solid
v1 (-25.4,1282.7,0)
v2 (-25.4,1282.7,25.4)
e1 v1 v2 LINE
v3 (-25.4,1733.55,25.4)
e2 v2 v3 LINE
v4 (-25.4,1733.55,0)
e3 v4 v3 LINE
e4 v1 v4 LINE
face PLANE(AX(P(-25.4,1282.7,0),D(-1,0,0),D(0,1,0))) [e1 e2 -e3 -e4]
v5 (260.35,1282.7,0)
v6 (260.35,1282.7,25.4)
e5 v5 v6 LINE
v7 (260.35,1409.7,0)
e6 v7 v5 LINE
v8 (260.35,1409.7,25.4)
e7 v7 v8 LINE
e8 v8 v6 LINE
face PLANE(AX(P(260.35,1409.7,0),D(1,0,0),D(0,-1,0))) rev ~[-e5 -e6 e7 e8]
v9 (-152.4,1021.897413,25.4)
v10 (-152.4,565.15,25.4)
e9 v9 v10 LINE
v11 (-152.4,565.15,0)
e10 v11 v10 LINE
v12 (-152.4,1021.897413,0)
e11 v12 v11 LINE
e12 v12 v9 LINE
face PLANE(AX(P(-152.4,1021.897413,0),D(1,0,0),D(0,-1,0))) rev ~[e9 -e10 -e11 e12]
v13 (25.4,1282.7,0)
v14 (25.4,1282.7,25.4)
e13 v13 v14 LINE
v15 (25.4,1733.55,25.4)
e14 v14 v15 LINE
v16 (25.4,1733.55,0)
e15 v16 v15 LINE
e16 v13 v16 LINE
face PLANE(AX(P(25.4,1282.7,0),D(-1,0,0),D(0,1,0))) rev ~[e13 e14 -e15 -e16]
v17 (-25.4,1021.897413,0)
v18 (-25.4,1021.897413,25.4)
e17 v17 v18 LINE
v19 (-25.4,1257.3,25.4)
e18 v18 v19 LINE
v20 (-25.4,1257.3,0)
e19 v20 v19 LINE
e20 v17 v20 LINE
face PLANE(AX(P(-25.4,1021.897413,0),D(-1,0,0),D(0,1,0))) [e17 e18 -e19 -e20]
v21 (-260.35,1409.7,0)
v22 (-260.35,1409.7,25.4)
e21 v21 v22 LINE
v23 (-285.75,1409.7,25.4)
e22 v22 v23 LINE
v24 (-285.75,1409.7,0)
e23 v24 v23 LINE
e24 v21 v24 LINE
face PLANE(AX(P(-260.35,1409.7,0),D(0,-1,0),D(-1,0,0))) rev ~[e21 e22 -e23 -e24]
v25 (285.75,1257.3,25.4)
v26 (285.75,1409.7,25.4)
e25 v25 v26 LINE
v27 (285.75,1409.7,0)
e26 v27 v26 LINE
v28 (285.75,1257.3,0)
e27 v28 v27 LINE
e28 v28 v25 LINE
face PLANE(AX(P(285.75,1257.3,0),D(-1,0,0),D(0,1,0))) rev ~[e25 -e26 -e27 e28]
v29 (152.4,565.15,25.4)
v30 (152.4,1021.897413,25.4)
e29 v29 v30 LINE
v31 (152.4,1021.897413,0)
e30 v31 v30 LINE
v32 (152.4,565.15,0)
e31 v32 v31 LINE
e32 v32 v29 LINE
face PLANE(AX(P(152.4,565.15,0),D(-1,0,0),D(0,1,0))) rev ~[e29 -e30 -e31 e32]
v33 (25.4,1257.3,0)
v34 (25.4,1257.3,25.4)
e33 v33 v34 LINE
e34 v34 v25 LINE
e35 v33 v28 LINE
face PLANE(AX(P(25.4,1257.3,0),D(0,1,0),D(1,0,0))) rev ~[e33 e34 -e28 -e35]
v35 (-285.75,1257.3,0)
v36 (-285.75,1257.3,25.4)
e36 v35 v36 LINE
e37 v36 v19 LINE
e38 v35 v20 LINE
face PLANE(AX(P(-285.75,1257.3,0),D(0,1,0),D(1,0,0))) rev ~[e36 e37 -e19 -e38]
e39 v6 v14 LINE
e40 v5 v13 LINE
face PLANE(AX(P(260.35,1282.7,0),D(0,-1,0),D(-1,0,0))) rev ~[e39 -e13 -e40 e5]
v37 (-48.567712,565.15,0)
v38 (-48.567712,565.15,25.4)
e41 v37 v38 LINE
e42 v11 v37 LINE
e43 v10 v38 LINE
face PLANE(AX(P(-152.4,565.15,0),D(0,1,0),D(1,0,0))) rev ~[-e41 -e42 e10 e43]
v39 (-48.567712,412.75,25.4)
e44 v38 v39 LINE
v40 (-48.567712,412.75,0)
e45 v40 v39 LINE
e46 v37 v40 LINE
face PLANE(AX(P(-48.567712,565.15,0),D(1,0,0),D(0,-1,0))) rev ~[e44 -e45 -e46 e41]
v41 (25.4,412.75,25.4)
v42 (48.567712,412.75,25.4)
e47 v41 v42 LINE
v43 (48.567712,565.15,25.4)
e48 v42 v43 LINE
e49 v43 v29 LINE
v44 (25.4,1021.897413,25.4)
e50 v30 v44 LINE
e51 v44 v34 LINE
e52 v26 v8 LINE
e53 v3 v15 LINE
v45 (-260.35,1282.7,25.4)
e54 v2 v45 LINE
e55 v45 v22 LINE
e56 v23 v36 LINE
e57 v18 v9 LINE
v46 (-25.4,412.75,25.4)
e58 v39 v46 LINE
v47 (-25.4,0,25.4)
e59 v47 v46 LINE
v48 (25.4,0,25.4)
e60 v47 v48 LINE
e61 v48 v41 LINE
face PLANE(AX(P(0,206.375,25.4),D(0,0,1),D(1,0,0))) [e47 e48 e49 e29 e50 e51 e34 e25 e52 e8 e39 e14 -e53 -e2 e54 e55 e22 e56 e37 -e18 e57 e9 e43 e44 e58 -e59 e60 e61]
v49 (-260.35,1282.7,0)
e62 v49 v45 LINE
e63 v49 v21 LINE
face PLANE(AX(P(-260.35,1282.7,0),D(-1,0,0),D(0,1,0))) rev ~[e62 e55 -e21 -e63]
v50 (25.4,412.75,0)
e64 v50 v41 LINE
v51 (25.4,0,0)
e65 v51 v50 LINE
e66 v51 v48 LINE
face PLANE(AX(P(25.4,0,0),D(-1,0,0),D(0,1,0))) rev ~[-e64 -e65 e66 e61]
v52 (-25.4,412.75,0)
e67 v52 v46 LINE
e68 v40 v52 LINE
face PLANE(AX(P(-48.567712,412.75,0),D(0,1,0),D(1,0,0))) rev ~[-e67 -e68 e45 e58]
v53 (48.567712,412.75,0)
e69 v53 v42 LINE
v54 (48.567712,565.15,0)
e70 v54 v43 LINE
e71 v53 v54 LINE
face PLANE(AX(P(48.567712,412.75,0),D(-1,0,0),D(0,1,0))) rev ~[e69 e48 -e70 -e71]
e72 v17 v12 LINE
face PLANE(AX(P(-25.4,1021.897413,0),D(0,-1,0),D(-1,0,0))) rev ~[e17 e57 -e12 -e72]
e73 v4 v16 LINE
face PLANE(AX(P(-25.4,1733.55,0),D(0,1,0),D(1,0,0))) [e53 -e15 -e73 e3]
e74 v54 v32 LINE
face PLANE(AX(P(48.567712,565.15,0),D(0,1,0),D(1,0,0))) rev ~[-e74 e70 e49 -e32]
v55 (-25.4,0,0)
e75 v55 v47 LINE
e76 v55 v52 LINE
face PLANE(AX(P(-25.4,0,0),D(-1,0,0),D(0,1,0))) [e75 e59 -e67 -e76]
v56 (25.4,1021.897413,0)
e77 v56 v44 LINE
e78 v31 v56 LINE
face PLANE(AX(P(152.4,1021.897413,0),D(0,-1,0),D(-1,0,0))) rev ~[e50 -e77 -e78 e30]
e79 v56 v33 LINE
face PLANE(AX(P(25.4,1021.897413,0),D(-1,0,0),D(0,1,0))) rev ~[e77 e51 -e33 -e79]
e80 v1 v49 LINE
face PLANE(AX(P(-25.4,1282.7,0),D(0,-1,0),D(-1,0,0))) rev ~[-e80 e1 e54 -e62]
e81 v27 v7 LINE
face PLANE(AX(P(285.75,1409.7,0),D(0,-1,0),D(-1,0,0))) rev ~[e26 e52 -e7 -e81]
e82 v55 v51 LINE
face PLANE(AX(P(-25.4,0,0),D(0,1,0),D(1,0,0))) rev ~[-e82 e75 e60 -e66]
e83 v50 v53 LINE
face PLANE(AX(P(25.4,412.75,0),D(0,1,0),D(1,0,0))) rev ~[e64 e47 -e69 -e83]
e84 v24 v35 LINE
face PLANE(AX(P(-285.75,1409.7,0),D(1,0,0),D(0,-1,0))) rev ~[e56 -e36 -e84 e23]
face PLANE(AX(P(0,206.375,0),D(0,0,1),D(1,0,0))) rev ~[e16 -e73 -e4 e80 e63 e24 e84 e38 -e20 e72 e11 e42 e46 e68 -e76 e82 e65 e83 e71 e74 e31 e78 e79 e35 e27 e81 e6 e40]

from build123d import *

# Parameters (mm, degrees)
F0_W     = 50.8
F0_H     = 412.75
F0_W_2   = 23.167712307
F0_H_2   = 152.4
F0_H_3   = 69.3220067978
F0_H_4   = 387.4254058838
F0_H_5   = 235.4025873184
F0_H_6   = 25.4
F0_H_7   = 450.85
F1_DEPTH = 25.4


with BuildPart() as f1:
    # F0 (on Top) → F1 (new body)
    with BuildSketch(Plane.XY):
        with Locations((0, 206.375)):
            Rectangle(F0_W, F0_H)
        with Locations((-36.9838561535, 488.95)):
            Rectangle(F0_W_2, F0_H_2)
        with Locations((0, 488.95)):
            Rectangle(F0_W, F0_H_2)
        with Locations((36.9838561535, 488.95)):
            Rectangle(F0_W_2, F0_H_2)
        with Locations((-36.9838561535, 599.8110033989)):
            Rectangle(F0_W_2, F0_H_3)
        with Locations((36.9838561535, 599.8110033989)):
            Rectangle(F0_W_2, F0_H_3)
        Polygon((-48.567712307, 634.4720067978), (-25.4, 634.4720067978), (-25.4, 1021.8974126816), (-152.4, 1021.8974126816), (-152.4, 565.15), (-48.567712307, 565.15), align=None)
        with Locations((0, 828.1847097397)):
            Rectangle(F0_W, F0_H_4)
        Polygon((25.4, 1021.8974126816), (25.4, 634.4720067978), (48.567712307, 634.4720067978), (48.567712307, 565.15), (152.4, 565.15), (152.4, 1021.8974126816), align=None)
        with Locations((0, 1139.5987063408)):
            Rectangle(F0_W, F0_H_5)
        Polygon((-285.75, 1257.3), (-25.4, 1257.3), (-25.4, 1282.7), (-260.35, 1282.7), (-260.35, 1409.7), (-285.75, 1409.7), align=None)
        with Locations((0, 1270)):
            Rectangle(F0_W, F0_H_6)
        Polygon((25.4, 1282.7), (25.4, 1257.3), (285.75, 1257.3), (285.75, 1409.7), (260.35, 1409.7), (260.35, 1282.7), align=None)
        with Locations((0, 1508.125)):
            Rectangle(F0_W, F0_H_7)
        with Locations((0, 599.8110033989)):
            Rectangle(F0_W, F0_H_3)
    extrude(amount=F1_DEPTH)


solid = f1.part
